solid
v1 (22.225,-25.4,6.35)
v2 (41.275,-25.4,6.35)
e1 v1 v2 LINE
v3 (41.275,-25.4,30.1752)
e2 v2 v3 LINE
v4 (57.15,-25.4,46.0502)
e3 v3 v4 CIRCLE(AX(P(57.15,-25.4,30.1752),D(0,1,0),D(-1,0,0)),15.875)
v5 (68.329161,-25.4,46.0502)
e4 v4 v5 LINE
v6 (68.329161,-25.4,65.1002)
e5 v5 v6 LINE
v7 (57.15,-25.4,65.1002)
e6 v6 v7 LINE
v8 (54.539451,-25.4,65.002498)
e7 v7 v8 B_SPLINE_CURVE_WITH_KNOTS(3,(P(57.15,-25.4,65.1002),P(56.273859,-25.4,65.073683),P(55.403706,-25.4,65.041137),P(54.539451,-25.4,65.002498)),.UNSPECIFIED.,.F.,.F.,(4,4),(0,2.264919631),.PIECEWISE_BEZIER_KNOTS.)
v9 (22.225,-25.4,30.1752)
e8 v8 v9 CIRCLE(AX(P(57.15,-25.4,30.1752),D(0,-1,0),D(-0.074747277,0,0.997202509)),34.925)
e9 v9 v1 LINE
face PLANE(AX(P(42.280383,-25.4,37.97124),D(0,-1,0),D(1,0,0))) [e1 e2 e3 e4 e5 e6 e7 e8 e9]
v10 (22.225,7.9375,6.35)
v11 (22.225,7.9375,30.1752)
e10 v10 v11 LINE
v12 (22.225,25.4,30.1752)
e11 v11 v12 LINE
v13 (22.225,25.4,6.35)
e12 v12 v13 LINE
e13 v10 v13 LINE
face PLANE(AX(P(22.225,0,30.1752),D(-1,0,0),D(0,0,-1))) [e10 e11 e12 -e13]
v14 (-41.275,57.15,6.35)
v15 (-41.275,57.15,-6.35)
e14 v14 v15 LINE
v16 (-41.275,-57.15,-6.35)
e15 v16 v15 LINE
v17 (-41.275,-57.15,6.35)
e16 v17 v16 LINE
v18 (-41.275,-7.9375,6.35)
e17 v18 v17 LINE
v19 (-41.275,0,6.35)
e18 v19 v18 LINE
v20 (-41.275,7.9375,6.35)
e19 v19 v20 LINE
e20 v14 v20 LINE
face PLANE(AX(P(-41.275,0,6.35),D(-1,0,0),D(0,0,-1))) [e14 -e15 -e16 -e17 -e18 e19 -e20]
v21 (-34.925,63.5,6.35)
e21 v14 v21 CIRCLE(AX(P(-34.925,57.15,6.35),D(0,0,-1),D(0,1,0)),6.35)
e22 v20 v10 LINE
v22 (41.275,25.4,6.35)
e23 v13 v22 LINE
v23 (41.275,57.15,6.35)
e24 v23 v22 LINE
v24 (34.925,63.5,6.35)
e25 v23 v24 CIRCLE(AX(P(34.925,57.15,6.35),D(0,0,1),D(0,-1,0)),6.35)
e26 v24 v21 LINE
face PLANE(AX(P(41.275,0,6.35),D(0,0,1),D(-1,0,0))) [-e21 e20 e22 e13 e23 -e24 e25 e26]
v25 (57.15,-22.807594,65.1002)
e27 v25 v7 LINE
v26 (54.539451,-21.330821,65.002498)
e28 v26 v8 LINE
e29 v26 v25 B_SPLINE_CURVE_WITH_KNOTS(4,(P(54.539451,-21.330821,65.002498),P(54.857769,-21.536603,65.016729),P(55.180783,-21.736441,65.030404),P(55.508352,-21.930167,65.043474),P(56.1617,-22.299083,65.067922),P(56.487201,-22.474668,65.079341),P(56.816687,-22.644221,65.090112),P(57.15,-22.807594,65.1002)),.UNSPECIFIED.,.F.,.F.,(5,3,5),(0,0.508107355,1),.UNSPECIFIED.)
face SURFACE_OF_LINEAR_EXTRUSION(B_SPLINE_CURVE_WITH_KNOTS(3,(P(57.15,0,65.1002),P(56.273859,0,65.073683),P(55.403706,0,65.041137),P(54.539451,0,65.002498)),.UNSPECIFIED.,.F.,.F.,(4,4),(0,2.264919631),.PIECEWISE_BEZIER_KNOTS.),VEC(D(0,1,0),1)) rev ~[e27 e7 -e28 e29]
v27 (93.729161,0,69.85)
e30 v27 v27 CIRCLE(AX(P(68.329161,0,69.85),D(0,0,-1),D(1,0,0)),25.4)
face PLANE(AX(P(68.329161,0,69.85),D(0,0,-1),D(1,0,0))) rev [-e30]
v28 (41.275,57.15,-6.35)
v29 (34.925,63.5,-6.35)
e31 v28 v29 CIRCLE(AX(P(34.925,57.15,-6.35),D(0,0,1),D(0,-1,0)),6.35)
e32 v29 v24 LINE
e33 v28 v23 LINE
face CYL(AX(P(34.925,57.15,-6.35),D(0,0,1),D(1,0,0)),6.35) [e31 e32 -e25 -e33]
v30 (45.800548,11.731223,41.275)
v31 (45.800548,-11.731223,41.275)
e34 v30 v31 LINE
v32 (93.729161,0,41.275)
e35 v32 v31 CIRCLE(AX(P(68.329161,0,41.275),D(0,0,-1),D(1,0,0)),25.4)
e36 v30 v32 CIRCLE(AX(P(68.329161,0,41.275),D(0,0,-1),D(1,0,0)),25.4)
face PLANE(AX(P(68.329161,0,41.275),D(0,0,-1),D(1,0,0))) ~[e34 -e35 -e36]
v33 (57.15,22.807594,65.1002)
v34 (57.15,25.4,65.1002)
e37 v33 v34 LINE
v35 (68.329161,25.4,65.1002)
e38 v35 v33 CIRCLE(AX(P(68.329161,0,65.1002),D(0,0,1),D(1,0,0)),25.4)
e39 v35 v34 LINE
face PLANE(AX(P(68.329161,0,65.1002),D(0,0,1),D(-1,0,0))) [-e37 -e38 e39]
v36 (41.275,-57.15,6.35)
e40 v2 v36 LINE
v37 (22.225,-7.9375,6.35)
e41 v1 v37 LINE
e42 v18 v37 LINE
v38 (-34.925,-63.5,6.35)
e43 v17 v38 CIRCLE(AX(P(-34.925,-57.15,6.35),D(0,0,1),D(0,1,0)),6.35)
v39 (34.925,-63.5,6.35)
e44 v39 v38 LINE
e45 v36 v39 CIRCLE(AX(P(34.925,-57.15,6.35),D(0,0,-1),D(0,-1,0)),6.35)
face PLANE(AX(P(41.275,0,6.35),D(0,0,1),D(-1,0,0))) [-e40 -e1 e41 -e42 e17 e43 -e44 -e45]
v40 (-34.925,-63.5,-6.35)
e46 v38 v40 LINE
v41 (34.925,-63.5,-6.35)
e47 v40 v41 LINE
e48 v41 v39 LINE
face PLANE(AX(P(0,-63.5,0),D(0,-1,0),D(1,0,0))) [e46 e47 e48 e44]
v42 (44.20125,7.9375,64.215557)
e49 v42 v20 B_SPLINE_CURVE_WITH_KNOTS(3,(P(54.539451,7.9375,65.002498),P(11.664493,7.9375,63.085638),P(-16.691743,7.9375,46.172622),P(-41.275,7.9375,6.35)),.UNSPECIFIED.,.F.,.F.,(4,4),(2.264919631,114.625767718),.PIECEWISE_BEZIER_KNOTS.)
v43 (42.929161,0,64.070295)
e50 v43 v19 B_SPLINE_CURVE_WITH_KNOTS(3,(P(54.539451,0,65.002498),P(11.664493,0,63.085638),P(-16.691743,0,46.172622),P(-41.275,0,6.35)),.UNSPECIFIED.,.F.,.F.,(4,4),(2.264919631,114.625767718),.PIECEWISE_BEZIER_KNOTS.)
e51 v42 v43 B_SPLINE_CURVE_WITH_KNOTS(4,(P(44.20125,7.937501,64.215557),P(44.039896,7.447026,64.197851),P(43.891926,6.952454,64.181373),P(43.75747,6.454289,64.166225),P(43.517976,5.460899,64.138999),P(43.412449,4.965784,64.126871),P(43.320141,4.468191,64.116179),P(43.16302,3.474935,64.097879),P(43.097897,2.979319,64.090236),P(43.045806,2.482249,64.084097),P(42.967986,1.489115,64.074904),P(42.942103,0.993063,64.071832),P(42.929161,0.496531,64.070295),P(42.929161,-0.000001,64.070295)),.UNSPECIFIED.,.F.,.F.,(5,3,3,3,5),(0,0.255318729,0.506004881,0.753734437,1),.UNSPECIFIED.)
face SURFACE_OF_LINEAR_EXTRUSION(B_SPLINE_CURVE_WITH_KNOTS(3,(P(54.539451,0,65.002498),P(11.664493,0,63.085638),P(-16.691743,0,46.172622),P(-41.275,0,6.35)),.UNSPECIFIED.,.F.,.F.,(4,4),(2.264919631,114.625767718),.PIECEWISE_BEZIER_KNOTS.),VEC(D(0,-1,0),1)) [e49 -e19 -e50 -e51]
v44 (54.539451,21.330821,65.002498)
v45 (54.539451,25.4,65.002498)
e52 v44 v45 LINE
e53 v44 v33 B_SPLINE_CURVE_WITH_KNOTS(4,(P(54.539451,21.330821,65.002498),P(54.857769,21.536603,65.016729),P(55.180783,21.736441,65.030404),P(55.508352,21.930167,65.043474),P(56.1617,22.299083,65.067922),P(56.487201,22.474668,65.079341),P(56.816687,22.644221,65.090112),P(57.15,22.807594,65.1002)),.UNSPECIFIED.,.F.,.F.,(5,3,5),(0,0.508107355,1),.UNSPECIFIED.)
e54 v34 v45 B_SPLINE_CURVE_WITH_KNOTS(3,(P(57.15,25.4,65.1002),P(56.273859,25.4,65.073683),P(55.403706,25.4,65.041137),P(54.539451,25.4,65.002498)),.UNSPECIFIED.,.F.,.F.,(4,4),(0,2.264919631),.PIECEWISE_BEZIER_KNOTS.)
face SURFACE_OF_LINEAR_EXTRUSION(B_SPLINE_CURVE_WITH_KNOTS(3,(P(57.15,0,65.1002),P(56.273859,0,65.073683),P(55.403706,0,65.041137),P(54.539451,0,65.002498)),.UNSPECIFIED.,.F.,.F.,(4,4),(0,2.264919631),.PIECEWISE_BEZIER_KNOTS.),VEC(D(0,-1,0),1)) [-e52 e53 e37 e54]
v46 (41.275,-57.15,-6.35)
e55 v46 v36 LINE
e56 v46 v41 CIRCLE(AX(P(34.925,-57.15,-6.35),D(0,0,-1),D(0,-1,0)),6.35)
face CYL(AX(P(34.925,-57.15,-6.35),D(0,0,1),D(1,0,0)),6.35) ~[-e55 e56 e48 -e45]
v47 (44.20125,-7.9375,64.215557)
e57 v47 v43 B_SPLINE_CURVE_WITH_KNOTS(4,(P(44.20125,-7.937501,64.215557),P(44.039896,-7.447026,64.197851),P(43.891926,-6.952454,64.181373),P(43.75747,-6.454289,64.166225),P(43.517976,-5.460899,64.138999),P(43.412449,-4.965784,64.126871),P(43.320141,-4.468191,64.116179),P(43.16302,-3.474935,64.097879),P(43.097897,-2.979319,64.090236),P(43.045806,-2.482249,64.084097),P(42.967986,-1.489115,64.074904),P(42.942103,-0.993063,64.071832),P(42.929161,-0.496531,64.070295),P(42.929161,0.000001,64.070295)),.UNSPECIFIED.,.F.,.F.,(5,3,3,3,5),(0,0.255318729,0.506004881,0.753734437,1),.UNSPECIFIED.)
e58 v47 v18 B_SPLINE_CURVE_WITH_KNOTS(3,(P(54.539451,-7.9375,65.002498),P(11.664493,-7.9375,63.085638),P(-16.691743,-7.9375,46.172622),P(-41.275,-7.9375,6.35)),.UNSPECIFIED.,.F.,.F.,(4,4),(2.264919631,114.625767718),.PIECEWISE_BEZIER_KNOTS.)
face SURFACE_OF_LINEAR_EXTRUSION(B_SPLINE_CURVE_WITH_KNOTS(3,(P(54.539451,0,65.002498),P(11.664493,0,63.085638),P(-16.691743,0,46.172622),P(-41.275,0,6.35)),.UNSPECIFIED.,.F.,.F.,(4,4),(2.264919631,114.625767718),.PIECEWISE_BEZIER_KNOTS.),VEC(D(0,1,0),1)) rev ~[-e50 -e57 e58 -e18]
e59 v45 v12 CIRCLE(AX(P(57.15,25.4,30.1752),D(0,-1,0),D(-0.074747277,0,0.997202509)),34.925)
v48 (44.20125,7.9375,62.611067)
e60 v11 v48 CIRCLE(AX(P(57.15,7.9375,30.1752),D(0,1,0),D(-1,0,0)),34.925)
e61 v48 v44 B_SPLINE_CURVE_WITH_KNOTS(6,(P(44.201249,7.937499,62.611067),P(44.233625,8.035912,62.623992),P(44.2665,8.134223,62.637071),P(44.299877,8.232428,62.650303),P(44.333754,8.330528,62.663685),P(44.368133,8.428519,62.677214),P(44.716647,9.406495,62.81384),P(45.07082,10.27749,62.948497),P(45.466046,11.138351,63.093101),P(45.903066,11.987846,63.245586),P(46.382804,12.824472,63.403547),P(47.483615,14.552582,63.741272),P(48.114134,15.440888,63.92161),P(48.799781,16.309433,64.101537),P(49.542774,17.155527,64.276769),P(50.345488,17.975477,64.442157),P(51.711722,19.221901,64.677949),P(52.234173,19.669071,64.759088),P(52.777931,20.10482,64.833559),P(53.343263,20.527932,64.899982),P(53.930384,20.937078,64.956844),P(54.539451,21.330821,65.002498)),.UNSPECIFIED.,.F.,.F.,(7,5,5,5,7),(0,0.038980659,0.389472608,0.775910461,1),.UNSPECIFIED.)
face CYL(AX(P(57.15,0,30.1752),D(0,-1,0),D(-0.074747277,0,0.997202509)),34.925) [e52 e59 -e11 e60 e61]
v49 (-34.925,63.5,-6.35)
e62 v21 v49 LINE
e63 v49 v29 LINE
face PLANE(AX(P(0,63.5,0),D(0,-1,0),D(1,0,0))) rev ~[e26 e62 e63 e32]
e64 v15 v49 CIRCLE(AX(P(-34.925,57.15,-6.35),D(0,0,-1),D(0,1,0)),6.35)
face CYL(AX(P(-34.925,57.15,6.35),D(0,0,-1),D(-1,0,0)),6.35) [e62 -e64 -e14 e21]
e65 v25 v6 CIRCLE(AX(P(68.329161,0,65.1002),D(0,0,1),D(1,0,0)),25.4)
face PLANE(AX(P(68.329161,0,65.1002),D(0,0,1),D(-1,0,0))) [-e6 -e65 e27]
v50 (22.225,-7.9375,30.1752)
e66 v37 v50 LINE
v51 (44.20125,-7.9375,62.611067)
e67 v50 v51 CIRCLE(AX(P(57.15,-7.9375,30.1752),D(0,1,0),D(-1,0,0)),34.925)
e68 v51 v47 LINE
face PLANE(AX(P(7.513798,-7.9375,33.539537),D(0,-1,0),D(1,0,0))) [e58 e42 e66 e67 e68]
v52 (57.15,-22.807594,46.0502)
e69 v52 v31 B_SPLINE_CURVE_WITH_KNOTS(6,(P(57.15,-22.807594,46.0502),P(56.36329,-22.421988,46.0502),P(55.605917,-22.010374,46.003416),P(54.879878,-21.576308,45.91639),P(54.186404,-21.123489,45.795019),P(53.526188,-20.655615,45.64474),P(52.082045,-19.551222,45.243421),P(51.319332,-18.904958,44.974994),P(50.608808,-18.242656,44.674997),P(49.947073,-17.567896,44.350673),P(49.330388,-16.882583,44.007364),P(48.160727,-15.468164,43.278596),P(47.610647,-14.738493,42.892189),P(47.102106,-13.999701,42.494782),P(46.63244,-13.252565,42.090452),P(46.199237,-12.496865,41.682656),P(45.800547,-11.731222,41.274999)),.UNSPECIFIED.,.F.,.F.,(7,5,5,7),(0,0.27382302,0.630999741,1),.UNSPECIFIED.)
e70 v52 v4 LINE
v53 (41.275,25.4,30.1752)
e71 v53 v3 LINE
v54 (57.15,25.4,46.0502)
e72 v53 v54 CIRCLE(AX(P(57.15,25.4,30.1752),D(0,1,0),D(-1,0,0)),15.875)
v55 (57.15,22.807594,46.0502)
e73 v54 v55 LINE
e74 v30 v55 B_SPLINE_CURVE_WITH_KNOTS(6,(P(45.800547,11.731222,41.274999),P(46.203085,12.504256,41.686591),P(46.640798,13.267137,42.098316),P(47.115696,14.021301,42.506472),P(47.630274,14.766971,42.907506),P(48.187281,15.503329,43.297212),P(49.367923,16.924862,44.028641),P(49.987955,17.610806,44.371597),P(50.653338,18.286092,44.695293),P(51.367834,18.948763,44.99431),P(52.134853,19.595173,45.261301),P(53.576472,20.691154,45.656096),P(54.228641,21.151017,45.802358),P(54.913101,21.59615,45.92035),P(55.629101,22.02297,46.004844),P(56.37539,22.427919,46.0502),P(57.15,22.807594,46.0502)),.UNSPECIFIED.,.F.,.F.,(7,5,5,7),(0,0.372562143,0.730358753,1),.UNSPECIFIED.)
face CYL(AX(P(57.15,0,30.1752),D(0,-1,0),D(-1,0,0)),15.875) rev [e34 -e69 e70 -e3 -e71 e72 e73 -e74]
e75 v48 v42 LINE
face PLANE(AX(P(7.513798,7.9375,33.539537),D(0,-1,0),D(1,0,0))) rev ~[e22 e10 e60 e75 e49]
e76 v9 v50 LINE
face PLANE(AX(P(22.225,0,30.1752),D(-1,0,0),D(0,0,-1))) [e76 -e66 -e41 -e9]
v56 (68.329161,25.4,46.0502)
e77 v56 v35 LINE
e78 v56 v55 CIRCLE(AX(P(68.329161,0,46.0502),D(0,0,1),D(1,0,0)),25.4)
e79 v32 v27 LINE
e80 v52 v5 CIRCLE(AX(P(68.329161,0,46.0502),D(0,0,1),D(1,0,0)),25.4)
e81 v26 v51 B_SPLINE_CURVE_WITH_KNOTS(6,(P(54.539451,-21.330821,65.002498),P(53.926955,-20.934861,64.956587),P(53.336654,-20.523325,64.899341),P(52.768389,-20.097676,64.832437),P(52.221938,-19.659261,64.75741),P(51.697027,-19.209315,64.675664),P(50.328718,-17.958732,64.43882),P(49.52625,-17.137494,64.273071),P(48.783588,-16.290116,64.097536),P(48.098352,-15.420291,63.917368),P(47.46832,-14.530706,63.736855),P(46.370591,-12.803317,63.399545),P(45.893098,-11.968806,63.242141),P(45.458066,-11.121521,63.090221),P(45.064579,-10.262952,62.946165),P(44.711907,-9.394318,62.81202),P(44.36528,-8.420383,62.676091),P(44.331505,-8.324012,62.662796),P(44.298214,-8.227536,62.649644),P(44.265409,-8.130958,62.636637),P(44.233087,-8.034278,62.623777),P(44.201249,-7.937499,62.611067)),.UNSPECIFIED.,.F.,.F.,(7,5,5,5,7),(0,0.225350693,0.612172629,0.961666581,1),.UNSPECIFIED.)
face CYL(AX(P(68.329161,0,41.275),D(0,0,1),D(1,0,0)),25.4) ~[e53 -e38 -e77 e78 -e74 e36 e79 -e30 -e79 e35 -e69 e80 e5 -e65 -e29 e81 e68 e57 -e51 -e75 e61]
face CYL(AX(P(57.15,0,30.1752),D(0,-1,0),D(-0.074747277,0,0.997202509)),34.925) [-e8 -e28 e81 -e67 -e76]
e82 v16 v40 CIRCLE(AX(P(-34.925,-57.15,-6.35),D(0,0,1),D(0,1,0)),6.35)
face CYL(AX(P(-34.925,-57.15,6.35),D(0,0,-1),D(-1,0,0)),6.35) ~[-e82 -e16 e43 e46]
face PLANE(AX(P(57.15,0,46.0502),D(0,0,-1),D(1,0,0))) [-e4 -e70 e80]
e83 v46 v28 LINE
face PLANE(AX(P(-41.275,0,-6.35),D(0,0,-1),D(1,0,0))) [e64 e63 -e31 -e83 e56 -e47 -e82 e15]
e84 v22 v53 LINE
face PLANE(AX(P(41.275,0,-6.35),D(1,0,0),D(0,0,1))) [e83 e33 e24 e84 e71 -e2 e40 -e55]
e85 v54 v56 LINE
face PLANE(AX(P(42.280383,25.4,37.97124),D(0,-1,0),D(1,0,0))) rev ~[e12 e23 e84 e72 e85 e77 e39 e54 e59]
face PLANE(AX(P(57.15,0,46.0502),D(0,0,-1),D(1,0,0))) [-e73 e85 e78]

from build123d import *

# Parameters (mm, degrees)
F1_DEPTH = 63.5
F2_DEPTH = 25.4
F3_DEPTH = 7.9375
F0_W     = 25.4
F0_H     = 19.05
F0_H_2   = 4.7752
F0_H_3   = 4.7498
F5_R     = 6.35


with BuildPart() as f1:
    # F0 (on Front) → F1 (new body, symmetric)
    with BuildSketch(Plane.XZ):
        Polygon((41.275, -6.35), (41.275, 6.35), (22.225, 6.35), (-41.275, 6.35), (-41.275, -6.35), align=None)
    extrude(amount=F1_DEPTH, both=True)

    # F0 (on Front) → F2 (join, symmetric)
    with BuildSketch(Plane.XZ):
        with BuildLine():
            Line((22.225, 6.35), (41.275, 6.35))
            Line((41.275, 6.35), (41.275, 30.1752))
            ThreePointArc((41.275, 30.1752), (45.9246798487, 41.4005201513), (57.15, 46.0502))
            Line((57.15, 46.0502), (68.3291607261, 46.0502))
            Line((68.3291607261, 46.0502), (68.3291607261, 65.1002))
            Line((68.3291607261, 65.1002), (57.15, 65.1002))
            add(Edge.make_bspline(
                [(57.15, 65.1002), (56.2738590878, 65.0736826773), (55.4037055369, 65.041136828), (54.5394513338, 65.0024976365)],
                knots=[0, 0, 0, 0, 2.264919631, 2.264919631, 2.264919631, 2.264919631], degree=3))
            ThreePointArc((54.5394513338, 65.0024976365), (31.5479587028, 53.9300122791), (22.225, 30.1752))
            Line((22.225, 30.1752), (22.225, 6.35))
        make_face()
    extrude(amount=F2_DEPTH, both=True)

    # F0 (on Front) → F3 (join, symmetric)
    with BuildSketch(Plane.XZ):
        with BuildLine():
            Line((-41.275, 6.35), (22.225, 6.35))
            Line((22.225, 6.35), (22.225, 30.1752))
            ThreePointArc((22.225, 30.1752), (31.5479587028, 53.9300122791), (54.5394513338, 65.0024976365))
            add(Edge.make_bspline(
                [(54.5394513338, 65.0024976365), (11.6644928166, 63.085638308), (-16.6917426365, 46.172621582), (-41.275, 6.35)],
                knots=[2.264919631, 2.264919631, 2.264919631, 2.264919631, 114.6257677184, 114.6257677184, 114.6257677184, 114.6257677184], degree=3))
        make_face()
    extrude(amount=F3_DEPTH, both=True)

    # F0 (on Front) → F4 (revolve)
    with BuildSketch(Plane.XZ):
        with Locations((81.0291607261, 55.5752)):
            Rectangle(F0_W, F0_H)
        with Locations((81.0291607261, 43.6626)):
            Rectangle(F0_W, F0_H_2)
        with Locations((81.0291607261, 67.4751)):
            Rectangle(F0_W, F0_H_3)
    revolve(axis=Axis((68.3291607261, 0, 55.5625), (0, 0, -1)))

    # F5
    f5_edges = [f1.edges().sort_by_distance(p)[0] for p in [
        (41.275, -63.5, 0),
        (41.275, 63.5, 0),
        (-41.275, -63.5, 0),
        (-41.275, 63.5, 0),
    ]]
    fillet(f5_edges, radius=F5_R)


solid = f1.part
